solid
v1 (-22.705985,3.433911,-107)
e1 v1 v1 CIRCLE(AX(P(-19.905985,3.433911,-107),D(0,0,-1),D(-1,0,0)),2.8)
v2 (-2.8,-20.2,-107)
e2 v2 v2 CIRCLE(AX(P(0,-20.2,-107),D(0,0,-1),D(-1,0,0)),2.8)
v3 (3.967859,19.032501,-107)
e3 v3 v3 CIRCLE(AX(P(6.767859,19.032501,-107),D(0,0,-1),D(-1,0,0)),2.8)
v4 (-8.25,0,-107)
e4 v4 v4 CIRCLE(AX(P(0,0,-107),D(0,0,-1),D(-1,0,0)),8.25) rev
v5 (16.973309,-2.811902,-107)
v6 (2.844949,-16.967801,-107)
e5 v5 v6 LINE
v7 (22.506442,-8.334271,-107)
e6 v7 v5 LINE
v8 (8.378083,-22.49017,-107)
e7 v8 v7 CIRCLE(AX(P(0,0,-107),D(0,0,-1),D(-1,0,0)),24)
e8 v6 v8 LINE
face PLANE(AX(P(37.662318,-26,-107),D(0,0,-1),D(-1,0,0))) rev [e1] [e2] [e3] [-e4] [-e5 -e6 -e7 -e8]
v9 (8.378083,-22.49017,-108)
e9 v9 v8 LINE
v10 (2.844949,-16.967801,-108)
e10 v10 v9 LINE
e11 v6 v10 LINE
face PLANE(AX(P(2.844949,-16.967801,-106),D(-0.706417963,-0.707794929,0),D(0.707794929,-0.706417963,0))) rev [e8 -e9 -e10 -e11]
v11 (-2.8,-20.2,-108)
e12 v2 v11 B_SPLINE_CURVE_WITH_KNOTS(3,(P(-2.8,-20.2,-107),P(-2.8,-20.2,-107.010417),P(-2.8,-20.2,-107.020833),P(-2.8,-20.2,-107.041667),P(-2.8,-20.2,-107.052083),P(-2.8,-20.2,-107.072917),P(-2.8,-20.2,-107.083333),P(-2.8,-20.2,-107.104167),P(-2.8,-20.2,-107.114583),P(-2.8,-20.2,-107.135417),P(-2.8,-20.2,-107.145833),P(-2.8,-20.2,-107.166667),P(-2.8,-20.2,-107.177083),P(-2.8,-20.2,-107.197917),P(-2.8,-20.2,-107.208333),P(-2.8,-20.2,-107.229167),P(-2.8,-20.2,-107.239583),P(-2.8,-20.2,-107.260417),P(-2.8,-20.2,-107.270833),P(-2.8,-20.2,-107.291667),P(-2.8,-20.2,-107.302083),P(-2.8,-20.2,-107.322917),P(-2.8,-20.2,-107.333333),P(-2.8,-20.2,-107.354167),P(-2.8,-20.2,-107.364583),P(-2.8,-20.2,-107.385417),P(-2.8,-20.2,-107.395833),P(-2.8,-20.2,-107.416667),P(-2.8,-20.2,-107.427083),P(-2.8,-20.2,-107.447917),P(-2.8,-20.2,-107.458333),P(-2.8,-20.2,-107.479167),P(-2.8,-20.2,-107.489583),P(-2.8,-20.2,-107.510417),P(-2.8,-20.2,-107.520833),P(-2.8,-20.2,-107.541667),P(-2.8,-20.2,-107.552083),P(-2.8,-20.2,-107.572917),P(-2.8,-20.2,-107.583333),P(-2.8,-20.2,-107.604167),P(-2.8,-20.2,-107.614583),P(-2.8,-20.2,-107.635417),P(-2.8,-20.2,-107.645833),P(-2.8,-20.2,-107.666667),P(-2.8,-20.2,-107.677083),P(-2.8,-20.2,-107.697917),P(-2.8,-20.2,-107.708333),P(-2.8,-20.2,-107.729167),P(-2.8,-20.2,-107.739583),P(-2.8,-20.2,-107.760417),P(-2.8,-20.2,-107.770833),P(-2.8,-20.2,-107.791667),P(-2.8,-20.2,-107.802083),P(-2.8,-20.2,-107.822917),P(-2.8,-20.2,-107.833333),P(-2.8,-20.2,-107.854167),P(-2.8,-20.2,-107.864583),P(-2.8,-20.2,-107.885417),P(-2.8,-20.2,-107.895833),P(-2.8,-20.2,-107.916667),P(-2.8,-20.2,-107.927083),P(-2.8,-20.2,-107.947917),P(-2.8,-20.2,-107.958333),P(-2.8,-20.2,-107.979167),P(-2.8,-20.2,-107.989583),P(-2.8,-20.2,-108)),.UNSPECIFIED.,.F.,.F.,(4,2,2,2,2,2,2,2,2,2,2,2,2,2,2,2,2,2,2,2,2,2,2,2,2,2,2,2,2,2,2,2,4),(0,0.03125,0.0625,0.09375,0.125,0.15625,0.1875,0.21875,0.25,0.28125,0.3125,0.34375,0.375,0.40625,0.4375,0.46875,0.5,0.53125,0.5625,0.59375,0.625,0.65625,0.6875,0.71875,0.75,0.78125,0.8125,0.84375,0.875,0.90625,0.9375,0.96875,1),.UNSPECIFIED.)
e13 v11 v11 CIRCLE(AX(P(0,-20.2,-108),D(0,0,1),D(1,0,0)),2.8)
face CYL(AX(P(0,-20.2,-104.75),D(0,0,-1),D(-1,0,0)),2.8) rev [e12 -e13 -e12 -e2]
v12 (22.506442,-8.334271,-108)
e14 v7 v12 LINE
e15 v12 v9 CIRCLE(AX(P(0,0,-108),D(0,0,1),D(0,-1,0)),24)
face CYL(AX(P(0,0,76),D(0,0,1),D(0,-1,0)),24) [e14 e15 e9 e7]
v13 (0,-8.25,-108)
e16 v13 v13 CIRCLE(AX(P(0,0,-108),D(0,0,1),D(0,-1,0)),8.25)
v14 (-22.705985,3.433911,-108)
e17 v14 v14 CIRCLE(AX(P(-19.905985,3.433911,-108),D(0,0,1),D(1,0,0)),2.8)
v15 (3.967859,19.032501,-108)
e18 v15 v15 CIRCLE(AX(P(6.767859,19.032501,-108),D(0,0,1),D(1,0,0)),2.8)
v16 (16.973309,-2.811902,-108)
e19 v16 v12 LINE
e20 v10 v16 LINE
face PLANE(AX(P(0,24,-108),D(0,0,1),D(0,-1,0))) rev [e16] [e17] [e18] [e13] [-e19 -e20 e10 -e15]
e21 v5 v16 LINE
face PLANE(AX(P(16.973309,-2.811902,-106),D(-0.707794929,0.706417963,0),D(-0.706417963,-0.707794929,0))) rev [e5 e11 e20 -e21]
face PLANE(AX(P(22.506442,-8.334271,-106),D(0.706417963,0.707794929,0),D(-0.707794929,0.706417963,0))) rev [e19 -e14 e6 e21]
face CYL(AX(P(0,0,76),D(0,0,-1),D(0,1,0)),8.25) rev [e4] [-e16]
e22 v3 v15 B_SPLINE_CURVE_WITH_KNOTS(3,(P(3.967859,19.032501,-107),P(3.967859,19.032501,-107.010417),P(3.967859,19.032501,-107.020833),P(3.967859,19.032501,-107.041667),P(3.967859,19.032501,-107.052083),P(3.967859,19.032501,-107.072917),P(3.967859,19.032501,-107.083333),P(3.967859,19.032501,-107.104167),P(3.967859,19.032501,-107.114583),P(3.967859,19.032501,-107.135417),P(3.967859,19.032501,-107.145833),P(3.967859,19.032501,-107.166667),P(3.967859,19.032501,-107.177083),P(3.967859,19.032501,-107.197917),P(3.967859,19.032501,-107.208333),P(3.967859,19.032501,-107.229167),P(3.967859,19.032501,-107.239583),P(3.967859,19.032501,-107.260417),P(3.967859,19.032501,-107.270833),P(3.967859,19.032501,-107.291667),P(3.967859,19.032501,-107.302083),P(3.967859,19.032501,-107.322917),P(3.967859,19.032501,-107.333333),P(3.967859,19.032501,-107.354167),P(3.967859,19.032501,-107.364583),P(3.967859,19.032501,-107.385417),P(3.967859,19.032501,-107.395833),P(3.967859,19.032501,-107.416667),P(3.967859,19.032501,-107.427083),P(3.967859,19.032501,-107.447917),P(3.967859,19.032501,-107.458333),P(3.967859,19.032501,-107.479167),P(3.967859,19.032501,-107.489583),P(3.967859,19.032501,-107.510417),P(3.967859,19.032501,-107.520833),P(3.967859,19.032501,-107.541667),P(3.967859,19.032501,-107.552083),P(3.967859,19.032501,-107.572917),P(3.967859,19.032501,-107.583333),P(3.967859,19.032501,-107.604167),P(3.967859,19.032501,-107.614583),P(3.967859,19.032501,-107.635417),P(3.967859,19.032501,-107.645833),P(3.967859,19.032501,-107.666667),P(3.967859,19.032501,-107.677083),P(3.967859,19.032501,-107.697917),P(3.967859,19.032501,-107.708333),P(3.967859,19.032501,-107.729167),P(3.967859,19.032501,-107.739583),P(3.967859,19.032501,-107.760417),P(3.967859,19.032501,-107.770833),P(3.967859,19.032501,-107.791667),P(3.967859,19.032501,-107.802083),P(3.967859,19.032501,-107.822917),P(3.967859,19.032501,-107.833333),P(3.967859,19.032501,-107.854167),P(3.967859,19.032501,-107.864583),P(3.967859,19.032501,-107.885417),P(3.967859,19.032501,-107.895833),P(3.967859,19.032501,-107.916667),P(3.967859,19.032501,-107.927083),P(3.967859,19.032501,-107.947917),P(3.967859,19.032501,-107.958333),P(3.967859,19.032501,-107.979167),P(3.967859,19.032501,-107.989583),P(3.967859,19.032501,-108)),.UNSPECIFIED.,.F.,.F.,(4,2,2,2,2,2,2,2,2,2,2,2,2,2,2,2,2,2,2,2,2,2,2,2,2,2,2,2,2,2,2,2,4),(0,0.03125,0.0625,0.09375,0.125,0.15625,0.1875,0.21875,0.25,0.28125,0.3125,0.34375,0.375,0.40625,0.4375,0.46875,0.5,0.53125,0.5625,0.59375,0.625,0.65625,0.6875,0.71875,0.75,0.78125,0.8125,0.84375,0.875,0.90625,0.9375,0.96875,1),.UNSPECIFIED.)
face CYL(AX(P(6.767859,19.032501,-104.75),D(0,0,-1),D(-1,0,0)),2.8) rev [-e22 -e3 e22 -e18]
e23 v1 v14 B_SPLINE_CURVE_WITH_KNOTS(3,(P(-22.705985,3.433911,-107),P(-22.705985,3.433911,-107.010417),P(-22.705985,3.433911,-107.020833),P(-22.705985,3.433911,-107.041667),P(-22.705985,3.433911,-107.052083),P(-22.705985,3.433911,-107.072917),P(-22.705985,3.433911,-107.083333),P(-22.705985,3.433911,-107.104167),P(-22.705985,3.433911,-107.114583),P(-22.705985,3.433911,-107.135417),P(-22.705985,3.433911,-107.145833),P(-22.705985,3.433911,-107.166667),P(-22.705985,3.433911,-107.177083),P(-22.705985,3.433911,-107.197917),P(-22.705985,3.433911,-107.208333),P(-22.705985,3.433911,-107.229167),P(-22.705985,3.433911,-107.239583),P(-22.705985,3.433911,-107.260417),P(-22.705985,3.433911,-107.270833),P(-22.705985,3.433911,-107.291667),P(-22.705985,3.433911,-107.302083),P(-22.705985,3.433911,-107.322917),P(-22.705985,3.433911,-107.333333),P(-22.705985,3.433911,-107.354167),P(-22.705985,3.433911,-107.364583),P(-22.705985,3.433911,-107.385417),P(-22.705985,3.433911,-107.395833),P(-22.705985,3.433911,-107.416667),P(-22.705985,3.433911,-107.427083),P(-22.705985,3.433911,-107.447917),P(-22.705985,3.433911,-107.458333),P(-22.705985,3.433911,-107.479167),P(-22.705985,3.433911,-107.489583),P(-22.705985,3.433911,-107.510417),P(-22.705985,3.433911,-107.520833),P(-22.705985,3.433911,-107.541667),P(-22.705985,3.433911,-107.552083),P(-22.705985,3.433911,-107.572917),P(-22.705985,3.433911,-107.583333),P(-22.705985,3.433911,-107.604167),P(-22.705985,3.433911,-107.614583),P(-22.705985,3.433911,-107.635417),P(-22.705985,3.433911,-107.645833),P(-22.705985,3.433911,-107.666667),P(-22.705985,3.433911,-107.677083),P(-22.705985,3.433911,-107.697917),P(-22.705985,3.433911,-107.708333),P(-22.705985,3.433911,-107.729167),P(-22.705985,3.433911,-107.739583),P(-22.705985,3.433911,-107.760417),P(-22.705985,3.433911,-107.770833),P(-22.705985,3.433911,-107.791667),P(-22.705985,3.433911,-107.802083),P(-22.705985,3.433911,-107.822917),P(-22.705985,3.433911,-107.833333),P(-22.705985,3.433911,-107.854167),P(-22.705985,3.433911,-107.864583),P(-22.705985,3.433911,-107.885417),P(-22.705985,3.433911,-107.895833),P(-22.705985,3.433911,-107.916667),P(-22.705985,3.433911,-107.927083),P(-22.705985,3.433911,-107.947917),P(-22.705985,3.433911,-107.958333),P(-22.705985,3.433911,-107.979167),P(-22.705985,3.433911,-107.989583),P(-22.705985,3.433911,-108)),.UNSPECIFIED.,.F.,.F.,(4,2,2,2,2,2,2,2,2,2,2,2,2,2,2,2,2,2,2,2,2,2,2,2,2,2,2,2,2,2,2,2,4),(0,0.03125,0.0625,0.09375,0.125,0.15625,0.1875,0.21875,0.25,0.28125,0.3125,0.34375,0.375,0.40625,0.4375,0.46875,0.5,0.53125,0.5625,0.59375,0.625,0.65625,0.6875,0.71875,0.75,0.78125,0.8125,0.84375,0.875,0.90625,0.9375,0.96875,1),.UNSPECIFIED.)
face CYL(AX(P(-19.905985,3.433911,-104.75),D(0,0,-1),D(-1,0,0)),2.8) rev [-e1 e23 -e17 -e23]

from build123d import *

# Parameters (mm, degrees)
SKETCH3_R               = 2.8
CUT_EXTRUDE2_DEPTH      = 3.25
CUT_EXTRUDE3_DEPTH      = 2
CUT_EXTRUDE4_DEPTH      = 188.637949253
CUT_EXTRUDE4_DEPTH_BACK = 188.637949253
SKETCH5_R               = 8.25
CUT_EXTRUDE5_DEPTH      = 115.087685576
CUT_EXTRUDE5_DEPTH_BACK = 115.087685576
SKETCH6_W               = 80.378885923
SKETCH6_H               = 187.007266033


with BuildPart() as part:
    # Sketch1 → Revolve1 (revolve)
    with BuildSketch(Plane(origin=(0, 0, 0), x_dir=(0, 0, -1), z_dir=(1, 0, 0)), mode=Mode.PRIVATE) as revolve1_sk:
        Polygon((-76, 0), (124.5, 0), (124.5, 4), (109, 4), (109, 8), (108, 8), (108, 24), (104, 24), (104, 25), (0, 25), (0, 26), (-50, 26), (-50, 9), (-52, 9), (-52, 6), (-76, 6), align=None)
    revolve(revolve1_sk.sketch.rotate(Axis((0, 0, 76), (0, 0, -1)), 180), axis=Axis((0, 0, 76), (0, 0, -1)))

    # Sketch3 → Cut-Extrude2 (cut)
    with BuildSketch(Plane.XY.offset(-108)):
        with Locations(Location((6.767859423, 19.032500593, 0), (0, 0, 180))):
            Circle(SKETCH3_R)
        with Locations(Location((-19.905985431, 3.433910891, 0), (0, 0, 180))):
            Circle(SKETCH3_R)
        with Locations(Location((0, -20.2, 0), (0, 0, 180))):
            Circle(SKETCH3_R)
    extrude(amount=CUT_EXTRUDE2_DEPTH, mode=Mode.SUBTRACT)

    # Sketch4 → Cut-Extrude3 (cut)
    with BuildSketch(Plane(origin=(0, 0, -108), x_dir=(-1, 0, 0), z_dir=(0, 0, -1))):
        Polygon((-22.506441861, -8.334271099), (-16.973308635, -2.811902197), (-2.844949371, -16.967800773), (-8.378082597, -22.490169675), (-11.338488517, -25.444816332), (-25.466847781, -11.288917756), align=None)
    extrude(amount=-CUT_EXTRUDE3_DEPTH, mode=Mode.SUBTRACT)

    # Sketch5 → Cut-Extrude4 (cut, two sides: drawn at the far end of the back side and taken through both)
    with BuildSketch(Plane(origin=(0, 0, -108), x_dir=(-1, 0, 0), z_dir=(0, 0, -1)).offset(-CUT_EXTRUDE4_DEPTH_BACK)):
        with Locations(Location((0, 0, 0), (0, 0, 90))):
            Circle(SKETCH5_R)
    extrude(amount=CUT_EXTRUDE4_DEPTH + CUT_EXTRUDE4_DEPTH_BACK, mode=Mode.SUBTRACT)

    # Sketch6 → Cut-Extrude5 (cut, two sides: drawn at the far end of the back side and taken through both)
    with BuildSketch(Plane(origin=(0, 0, 0), x_dir=(1, 0, 0), z_dir=(0, 1, 0)).offset(-CUT_EXTRUDE5_DEPTH_BACK)):
        with Locations((-2.527125216, 13.496366983)):
            Rectangle(SKETCH6_W, SKETCH6_H)
    extrude(amount=CUT_EXTRUDE5_DEPTH + CUT_EXTRUDE5_DEPTH_BACK, mode=Mode.SUBTRACT)


solid = part.part
